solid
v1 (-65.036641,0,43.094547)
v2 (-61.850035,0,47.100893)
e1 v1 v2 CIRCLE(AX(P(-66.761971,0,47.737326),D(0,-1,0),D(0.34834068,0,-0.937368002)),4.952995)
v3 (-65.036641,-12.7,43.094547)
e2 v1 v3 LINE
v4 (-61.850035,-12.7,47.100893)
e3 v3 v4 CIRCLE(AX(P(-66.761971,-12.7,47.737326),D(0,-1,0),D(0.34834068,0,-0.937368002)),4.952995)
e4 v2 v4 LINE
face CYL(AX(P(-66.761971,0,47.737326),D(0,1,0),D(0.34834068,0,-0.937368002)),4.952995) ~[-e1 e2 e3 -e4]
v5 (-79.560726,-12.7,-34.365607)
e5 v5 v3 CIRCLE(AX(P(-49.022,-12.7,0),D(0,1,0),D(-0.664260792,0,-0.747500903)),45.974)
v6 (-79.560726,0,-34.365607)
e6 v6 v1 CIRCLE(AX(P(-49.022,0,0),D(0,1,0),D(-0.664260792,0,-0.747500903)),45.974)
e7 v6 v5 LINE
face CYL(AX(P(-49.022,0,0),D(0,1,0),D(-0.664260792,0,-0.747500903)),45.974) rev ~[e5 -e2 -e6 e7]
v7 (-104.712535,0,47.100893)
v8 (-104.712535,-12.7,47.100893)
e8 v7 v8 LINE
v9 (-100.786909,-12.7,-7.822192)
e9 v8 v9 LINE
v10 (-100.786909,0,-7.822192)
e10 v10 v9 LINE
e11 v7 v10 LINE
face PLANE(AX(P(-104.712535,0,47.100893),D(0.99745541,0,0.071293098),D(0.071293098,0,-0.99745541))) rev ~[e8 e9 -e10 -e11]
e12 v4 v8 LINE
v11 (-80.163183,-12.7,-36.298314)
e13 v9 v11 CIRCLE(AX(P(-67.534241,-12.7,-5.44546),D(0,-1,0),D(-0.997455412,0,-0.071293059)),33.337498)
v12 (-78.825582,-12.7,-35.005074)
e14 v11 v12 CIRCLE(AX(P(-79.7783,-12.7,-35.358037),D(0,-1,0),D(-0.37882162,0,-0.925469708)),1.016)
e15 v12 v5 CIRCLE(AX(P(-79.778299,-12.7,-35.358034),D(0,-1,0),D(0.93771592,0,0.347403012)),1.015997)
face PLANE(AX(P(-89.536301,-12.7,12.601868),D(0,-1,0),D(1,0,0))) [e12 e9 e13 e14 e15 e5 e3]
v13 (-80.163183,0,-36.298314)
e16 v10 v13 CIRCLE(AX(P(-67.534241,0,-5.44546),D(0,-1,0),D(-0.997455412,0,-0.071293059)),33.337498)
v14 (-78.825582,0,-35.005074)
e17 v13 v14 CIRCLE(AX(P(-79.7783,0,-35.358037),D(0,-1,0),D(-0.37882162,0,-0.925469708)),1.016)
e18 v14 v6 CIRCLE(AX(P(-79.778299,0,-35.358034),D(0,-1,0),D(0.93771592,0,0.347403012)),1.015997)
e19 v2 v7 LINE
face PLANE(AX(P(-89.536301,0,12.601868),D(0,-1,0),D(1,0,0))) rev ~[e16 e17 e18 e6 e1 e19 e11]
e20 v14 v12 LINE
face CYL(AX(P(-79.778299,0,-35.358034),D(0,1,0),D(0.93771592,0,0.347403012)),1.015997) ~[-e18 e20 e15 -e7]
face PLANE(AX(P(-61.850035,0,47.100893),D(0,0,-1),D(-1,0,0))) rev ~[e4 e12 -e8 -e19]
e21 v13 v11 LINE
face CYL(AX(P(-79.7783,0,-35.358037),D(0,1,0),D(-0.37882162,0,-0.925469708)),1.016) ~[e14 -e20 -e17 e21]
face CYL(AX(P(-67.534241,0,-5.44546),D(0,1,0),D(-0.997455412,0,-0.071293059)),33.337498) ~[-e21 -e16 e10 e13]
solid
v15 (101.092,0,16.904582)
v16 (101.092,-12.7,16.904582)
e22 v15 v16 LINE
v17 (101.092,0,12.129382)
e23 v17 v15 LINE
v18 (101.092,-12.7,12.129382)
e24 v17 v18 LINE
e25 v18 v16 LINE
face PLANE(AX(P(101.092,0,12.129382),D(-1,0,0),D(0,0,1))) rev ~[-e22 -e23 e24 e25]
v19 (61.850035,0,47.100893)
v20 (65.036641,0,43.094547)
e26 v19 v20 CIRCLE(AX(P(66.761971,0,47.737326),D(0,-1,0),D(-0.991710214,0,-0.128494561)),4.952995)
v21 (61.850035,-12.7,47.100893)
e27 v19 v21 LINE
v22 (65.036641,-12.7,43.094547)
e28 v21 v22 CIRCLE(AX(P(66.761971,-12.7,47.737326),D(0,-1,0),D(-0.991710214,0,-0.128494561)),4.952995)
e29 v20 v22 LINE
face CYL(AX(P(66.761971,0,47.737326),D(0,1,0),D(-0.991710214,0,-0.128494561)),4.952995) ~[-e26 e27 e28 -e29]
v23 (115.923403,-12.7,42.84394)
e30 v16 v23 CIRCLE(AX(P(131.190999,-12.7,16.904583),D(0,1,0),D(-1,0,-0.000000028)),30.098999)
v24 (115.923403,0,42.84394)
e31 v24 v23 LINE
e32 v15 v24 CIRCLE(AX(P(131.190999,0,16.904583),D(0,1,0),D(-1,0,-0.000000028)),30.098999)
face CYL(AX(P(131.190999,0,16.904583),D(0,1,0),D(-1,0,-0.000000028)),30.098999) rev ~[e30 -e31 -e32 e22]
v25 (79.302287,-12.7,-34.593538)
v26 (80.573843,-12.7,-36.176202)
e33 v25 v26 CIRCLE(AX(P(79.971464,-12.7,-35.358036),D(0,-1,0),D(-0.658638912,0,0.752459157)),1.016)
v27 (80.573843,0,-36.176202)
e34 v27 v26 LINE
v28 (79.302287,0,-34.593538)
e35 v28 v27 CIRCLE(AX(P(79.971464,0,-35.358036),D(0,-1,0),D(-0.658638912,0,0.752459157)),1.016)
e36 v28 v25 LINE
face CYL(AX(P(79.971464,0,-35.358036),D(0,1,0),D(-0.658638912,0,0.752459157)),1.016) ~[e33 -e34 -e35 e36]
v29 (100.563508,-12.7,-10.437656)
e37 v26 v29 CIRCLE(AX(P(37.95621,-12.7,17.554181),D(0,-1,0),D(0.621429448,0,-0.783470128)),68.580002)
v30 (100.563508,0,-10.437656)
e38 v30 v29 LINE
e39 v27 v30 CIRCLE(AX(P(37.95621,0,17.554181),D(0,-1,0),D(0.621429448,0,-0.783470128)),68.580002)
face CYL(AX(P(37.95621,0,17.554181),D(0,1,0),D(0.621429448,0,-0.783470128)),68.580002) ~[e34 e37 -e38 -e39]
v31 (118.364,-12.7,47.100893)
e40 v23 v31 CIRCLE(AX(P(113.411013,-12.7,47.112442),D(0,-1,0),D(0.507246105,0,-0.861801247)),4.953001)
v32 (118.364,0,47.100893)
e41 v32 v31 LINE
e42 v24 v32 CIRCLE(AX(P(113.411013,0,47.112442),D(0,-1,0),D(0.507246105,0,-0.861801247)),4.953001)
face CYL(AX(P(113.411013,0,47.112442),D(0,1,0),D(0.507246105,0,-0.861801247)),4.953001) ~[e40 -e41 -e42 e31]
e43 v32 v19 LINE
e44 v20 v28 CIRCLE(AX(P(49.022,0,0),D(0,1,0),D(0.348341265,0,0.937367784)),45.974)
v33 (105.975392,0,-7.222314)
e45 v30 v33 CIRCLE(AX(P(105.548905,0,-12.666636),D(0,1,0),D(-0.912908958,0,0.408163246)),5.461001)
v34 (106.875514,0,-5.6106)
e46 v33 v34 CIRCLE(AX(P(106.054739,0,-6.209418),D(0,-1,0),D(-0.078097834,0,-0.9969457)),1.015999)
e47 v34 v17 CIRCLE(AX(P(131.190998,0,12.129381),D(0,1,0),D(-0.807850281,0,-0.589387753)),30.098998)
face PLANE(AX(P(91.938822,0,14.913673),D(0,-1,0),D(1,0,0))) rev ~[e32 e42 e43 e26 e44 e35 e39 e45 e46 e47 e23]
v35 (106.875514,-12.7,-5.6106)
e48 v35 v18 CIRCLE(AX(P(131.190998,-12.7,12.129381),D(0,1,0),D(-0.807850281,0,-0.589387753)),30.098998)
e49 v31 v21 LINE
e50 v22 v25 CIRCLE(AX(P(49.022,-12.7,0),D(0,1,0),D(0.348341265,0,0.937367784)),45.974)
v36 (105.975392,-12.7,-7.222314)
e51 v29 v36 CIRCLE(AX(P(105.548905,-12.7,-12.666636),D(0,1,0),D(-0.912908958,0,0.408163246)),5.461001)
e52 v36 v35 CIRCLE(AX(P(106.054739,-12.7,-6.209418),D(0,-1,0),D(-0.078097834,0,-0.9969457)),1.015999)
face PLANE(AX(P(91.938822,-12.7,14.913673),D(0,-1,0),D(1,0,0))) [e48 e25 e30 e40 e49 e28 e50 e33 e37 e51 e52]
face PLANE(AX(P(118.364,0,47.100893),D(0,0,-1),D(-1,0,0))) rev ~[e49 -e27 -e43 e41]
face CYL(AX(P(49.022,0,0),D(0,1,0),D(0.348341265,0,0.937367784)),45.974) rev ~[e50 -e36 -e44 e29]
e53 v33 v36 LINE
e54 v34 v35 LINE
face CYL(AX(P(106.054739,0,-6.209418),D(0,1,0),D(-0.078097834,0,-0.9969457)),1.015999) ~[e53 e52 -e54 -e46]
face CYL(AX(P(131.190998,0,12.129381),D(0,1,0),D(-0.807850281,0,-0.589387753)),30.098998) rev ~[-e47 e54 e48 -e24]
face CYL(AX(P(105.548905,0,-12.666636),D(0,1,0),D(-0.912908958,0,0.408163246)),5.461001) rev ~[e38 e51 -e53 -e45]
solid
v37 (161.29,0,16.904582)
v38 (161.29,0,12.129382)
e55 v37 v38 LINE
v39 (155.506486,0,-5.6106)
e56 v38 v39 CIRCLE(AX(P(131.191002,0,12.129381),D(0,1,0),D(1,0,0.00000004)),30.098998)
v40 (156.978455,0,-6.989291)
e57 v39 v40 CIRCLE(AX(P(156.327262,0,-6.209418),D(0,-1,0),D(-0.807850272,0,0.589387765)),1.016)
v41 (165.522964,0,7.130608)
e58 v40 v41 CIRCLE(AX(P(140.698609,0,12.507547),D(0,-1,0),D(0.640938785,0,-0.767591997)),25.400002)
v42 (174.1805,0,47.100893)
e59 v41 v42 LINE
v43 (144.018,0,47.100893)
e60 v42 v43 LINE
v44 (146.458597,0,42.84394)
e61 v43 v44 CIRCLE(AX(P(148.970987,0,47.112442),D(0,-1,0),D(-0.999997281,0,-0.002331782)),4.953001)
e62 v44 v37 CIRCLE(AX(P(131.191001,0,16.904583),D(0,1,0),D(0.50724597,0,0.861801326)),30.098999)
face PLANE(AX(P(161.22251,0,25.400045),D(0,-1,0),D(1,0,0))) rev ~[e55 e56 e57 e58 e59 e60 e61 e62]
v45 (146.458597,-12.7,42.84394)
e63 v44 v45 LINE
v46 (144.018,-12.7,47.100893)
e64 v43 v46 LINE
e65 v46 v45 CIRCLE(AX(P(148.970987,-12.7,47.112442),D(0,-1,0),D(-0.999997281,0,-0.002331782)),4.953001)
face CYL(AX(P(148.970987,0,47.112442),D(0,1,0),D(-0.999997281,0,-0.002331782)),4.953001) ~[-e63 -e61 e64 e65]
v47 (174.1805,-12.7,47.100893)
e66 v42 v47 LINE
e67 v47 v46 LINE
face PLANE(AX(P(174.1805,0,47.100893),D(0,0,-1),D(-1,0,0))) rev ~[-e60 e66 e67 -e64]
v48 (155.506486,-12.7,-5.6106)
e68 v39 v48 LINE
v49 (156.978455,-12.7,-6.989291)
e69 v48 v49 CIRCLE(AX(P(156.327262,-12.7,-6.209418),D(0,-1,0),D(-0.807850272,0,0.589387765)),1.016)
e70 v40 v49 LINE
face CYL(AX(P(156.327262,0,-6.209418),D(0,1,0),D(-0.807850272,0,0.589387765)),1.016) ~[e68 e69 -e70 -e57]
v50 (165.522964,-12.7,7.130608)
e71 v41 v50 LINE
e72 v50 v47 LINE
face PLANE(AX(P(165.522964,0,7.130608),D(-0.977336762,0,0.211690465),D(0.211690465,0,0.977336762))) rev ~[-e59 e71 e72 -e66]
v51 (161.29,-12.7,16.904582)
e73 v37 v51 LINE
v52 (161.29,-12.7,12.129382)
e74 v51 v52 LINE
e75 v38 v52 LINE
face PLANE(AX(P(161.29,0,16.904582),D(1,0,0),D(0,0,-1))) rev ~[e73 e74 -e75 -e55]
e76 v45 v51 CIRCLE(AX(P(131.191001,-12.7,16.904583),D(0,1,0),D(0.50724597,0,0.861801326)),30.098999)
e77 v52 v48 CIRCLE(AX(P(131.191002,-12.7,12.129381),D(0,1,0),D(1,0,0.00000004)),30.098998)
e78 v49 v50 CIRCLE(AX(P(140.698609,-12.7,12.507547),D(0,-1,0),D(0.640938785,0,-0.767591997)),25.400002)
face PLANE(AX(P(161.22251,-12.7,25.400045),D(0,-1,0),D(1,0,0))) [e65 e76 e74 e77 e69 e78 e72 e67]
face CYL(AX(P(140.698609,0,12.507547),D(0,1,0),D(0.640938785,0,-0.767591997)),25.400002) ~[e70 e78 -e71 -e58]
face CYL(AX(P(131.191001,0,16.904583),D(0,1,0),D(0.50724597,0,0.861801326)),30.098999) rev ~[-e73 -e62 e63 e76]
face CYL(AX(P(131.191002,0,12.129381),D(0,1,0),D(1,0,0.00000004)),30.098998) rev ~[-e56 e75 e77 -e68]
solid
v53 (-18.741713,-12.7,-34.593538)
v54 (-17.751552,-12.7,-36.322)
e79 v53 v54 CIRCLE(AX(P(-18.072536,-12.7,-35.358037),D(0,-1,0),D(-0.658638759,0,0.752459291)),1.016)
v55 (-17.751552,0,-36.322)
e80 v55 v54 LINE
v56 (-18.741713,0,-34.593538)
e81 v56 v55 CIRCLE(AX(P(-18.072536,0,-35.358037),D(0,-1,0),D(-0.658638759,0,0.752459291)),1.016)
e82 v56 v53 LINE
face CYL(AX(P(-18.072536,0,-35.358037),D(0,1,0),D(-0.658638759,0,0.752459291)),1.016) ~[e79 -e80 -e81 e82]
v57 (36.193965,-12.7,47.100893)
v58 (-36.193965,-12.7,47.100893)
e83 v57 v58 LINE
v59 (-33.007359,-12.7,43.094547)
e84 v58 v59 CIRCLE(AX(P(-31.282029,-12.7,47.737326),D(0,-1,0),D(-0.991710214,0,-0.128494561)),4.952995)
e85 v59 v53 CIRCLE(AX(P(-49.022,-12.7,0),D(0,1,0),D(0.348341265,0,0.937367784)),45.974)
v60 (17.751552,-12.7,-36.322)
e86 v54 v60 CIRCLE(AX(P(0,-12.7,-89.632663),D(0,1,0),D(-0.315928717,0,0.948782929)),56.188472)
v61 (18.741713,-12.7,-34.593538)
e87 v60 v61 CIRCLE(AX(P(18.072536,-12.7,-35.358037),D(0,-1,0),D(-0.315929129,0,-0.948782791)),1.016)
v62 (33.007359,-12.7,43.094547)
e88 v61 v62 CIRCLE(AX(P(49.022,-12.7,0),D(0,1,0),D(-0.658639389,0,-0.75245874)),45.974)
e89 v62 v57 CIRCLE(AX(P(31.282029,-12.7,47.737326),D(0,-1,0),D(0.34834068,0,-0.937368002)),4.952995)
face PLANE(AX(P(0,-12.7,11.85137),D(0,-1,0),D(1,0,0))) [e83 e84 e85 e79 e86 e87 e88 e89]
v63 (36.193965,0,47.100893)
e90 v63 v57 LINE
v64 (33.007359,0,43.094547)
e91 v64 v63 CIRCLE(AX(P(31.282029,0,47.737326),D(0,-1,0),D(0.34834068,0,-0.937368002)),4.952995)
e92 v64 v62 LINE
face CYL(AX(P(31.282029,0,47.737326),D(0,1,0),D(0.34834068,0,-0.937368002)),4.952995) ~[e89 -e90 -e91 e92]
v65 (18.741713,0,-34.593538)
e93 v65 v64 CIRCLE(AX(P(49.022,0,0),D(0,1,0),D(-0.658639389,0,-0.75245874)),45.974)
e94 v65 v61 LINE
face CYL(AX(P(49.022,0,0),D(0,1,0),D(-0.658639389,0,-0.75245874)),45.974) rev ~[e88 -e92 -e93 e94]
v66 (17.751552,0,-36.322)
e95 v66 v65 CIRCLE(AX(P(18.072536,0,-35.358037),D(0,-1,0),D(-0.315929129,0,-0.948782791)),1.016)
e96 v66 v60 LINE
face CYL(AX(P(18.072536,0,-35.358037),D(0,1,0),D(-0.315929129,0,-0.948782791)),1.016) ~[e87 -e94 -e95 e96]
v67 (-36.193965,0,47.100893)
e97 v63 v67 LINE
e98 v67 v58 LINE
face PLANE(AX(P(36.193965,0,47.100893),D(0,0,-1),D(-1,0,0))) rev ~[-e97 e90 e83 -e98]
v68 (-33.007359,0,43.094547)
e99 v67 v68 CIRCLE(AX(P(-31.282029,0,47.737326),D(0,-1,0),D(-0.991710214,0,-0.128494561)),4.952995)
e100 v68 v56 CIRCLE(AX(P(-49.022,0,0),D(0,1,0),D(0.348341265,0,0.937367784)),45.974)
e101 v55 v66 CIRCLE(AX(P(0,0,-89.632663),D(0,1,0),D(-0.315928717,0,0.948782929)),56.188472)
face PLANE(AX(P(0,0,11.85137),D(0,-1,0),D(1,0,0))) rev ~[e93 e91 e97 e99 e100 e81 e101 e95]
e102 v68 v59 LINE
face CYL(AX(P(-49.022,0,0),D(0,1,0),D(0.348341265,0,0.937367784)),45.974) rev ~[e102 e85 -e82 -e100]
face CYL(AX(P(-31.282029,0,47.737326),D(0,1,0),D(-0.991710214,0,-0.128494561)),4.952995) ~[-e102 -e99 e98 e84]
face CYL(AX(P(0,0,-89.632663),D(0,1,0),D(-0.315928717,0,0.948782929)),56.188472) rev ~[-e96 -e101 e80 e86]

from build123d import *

# Parameters (mm, degrees)
F2_DEPTH = 12.7
F4_DEPTH = 12.7
F6_DEPTH = 12.7
F8_DEPTH = 12.7


with BuildPart() as f2:
    # F1 (on Front) → F2 (new body)
    with BuildSketch(Plane.XZ):
        with BuildLine():
            Line((36.193965, 47.100893), (-36.193965, 47.100893))
            ThreePointArc((-36.193965, 47.100893), (-35.158371, 44.654124), (-33.007359, 43.094547))
            ThreePointArc((-33.007359, 43.094547), (-3.804031, 8.303249), (-18.741713, -34.593538))
            ThreePointArc((-18.741713, -34.593538), (-18.954128, -35.863063), (-17.751552, -36.322))
            ThreePointArc((-17.751552, -36.322), (0, -33.444191), (17.751552, -36.322))
            ThreePointArc((17.751552, -36.322), (18.954128, -35.863063), (18.741713, -34.593538))
            ThreePointArc((18.741713, -34.593538), (3.804031, 8.303249), (33.007359, 43.094547))
            ThreePointArc((33.007359, 43.094547), (35.158371, 44.654124), (36.193965, 47.100893))
        make_face()
    extrude(amount=F2_DEPTH)


with BuildPart() as f4:
    # F3 (on Front) → F4 (new body)
    with BuildSketch(Plane.XZ):
        with BuildLine():
            ThreePointArc((-79.560726, -34.365607), (-94.208534, 8.472654), (-65.036641, 43.094547))
            ThreePointArc((-65.036641, 43.094547), (-62.885629, 44.654124), (-61.850035, 47.100893))
            Line((-61.850035, 47.100893), (-104.712535, 47.100893))
            Line((-104.712535, 47.100893), (-100.786909, -7.822192))
            ThreePointArc((-100.786909, -7.822192), (-94.534295, -25.000149), (-80.163183, -36.298314))
            ThreePointArc((-80.163183, -36.298314), (-79.072094, -36.088467), (-78.825582, -35.005074))
            ThreePointArc((-78.825582, -35.005074), (-79.194848, -34.687288), (-79.560726, -34.365607))
        make_face()
        with BuildLine():
            ThreePointArc((-78.825582, -35.005074), (-79.111497, -34.591467), (-79.560726, -34.365607))
            ThreePointArc((-79.560726, -34.365607), (-79.194848, -34.687288), (-78.825582, -35.005074))
        make_face()
    extrude(amount=F4_DEPTH)


with BuildPart() as f6:
    # F5 (on Front) → F6 (new body)
    with BuildSketch(Plane.XZ):
        with BuildLine():
            ThreePointArc((65.036641, 43.094547), (94.239969, 8.303249), (79.302287, -34.593538))
            ThreePointArc((79.302287, -34.593538), (79.179428, -35.994381), (80.573843, -36.176202))
            ThreePointArc((80.573843, -36.176202), (92.119756, -24.511565), (100.563508, -10.437656))
            ThreePointArc((100.563508, -10.437656), (102.759546, -7.971744), (105.975392, -7.222314))
            ThreePointArc((105.975392, -7.222314), (106.941776, -6.704817), (106.875514, -5.6106))
            ThreePointArc((106.875514, -5.6106), (102.574382, 2.799913), (101.092, 12.129382))
            Line((101.092, 12.129382), (101.092, 16.904582))
            ThreePointArc((101.092, 16.904582), (105.061618, 31.844636), (115.923403, 42.84394))
            ThreePointArc((115.923403, 42.84394), (117.707916, 44.648941), (118.364, 47.100893))
            Line((118.364, 47.100893), (61.850035, 47.100893))
            ThreePointArc((61.850035, 47.100893), (62.885629, 44.654124), (65.036641, 43.094547))
        make_face()
    extrude(amount=F6_DEPTH)


with BuildPart() as f8:
    # F7 (on Front) → F8 (new body)
    with BuildSketch(Plane.XZ):
        with BuildLine():
            ThreePointArc((146.458597, 42.84394), (157.320382, 31.844636), (161.29, 16.904582))
            Line((161.29, 16.904582), (161.29, 12.129382))
            ThreePointArc((161.29, 12.129382), (159.807618, 2.799913), (155.506486, -5.6106))
            ThreePointArc((155.506486, -5.6106), (155.632721, -6.950949), (156.978455, -6.989291))
            ThreePointArc((156.978455, -6.989291), (162.429502, -0.642676), (165.522964, 7.130608))
            Line((165.522964, 7.130608), (174.1805, 47.100893))
            Line((174.1805, 47.100893), (144.018, 47.100893))
            ThreePointArc((144.018, 47.100893), (144.674084, 44.648941), (146.458597, 42.84394))
        make_face()
    extrude(amount=F8_DEPTH)


solid = Compound([f2.part, f4.part, f6.part, f8.part])
